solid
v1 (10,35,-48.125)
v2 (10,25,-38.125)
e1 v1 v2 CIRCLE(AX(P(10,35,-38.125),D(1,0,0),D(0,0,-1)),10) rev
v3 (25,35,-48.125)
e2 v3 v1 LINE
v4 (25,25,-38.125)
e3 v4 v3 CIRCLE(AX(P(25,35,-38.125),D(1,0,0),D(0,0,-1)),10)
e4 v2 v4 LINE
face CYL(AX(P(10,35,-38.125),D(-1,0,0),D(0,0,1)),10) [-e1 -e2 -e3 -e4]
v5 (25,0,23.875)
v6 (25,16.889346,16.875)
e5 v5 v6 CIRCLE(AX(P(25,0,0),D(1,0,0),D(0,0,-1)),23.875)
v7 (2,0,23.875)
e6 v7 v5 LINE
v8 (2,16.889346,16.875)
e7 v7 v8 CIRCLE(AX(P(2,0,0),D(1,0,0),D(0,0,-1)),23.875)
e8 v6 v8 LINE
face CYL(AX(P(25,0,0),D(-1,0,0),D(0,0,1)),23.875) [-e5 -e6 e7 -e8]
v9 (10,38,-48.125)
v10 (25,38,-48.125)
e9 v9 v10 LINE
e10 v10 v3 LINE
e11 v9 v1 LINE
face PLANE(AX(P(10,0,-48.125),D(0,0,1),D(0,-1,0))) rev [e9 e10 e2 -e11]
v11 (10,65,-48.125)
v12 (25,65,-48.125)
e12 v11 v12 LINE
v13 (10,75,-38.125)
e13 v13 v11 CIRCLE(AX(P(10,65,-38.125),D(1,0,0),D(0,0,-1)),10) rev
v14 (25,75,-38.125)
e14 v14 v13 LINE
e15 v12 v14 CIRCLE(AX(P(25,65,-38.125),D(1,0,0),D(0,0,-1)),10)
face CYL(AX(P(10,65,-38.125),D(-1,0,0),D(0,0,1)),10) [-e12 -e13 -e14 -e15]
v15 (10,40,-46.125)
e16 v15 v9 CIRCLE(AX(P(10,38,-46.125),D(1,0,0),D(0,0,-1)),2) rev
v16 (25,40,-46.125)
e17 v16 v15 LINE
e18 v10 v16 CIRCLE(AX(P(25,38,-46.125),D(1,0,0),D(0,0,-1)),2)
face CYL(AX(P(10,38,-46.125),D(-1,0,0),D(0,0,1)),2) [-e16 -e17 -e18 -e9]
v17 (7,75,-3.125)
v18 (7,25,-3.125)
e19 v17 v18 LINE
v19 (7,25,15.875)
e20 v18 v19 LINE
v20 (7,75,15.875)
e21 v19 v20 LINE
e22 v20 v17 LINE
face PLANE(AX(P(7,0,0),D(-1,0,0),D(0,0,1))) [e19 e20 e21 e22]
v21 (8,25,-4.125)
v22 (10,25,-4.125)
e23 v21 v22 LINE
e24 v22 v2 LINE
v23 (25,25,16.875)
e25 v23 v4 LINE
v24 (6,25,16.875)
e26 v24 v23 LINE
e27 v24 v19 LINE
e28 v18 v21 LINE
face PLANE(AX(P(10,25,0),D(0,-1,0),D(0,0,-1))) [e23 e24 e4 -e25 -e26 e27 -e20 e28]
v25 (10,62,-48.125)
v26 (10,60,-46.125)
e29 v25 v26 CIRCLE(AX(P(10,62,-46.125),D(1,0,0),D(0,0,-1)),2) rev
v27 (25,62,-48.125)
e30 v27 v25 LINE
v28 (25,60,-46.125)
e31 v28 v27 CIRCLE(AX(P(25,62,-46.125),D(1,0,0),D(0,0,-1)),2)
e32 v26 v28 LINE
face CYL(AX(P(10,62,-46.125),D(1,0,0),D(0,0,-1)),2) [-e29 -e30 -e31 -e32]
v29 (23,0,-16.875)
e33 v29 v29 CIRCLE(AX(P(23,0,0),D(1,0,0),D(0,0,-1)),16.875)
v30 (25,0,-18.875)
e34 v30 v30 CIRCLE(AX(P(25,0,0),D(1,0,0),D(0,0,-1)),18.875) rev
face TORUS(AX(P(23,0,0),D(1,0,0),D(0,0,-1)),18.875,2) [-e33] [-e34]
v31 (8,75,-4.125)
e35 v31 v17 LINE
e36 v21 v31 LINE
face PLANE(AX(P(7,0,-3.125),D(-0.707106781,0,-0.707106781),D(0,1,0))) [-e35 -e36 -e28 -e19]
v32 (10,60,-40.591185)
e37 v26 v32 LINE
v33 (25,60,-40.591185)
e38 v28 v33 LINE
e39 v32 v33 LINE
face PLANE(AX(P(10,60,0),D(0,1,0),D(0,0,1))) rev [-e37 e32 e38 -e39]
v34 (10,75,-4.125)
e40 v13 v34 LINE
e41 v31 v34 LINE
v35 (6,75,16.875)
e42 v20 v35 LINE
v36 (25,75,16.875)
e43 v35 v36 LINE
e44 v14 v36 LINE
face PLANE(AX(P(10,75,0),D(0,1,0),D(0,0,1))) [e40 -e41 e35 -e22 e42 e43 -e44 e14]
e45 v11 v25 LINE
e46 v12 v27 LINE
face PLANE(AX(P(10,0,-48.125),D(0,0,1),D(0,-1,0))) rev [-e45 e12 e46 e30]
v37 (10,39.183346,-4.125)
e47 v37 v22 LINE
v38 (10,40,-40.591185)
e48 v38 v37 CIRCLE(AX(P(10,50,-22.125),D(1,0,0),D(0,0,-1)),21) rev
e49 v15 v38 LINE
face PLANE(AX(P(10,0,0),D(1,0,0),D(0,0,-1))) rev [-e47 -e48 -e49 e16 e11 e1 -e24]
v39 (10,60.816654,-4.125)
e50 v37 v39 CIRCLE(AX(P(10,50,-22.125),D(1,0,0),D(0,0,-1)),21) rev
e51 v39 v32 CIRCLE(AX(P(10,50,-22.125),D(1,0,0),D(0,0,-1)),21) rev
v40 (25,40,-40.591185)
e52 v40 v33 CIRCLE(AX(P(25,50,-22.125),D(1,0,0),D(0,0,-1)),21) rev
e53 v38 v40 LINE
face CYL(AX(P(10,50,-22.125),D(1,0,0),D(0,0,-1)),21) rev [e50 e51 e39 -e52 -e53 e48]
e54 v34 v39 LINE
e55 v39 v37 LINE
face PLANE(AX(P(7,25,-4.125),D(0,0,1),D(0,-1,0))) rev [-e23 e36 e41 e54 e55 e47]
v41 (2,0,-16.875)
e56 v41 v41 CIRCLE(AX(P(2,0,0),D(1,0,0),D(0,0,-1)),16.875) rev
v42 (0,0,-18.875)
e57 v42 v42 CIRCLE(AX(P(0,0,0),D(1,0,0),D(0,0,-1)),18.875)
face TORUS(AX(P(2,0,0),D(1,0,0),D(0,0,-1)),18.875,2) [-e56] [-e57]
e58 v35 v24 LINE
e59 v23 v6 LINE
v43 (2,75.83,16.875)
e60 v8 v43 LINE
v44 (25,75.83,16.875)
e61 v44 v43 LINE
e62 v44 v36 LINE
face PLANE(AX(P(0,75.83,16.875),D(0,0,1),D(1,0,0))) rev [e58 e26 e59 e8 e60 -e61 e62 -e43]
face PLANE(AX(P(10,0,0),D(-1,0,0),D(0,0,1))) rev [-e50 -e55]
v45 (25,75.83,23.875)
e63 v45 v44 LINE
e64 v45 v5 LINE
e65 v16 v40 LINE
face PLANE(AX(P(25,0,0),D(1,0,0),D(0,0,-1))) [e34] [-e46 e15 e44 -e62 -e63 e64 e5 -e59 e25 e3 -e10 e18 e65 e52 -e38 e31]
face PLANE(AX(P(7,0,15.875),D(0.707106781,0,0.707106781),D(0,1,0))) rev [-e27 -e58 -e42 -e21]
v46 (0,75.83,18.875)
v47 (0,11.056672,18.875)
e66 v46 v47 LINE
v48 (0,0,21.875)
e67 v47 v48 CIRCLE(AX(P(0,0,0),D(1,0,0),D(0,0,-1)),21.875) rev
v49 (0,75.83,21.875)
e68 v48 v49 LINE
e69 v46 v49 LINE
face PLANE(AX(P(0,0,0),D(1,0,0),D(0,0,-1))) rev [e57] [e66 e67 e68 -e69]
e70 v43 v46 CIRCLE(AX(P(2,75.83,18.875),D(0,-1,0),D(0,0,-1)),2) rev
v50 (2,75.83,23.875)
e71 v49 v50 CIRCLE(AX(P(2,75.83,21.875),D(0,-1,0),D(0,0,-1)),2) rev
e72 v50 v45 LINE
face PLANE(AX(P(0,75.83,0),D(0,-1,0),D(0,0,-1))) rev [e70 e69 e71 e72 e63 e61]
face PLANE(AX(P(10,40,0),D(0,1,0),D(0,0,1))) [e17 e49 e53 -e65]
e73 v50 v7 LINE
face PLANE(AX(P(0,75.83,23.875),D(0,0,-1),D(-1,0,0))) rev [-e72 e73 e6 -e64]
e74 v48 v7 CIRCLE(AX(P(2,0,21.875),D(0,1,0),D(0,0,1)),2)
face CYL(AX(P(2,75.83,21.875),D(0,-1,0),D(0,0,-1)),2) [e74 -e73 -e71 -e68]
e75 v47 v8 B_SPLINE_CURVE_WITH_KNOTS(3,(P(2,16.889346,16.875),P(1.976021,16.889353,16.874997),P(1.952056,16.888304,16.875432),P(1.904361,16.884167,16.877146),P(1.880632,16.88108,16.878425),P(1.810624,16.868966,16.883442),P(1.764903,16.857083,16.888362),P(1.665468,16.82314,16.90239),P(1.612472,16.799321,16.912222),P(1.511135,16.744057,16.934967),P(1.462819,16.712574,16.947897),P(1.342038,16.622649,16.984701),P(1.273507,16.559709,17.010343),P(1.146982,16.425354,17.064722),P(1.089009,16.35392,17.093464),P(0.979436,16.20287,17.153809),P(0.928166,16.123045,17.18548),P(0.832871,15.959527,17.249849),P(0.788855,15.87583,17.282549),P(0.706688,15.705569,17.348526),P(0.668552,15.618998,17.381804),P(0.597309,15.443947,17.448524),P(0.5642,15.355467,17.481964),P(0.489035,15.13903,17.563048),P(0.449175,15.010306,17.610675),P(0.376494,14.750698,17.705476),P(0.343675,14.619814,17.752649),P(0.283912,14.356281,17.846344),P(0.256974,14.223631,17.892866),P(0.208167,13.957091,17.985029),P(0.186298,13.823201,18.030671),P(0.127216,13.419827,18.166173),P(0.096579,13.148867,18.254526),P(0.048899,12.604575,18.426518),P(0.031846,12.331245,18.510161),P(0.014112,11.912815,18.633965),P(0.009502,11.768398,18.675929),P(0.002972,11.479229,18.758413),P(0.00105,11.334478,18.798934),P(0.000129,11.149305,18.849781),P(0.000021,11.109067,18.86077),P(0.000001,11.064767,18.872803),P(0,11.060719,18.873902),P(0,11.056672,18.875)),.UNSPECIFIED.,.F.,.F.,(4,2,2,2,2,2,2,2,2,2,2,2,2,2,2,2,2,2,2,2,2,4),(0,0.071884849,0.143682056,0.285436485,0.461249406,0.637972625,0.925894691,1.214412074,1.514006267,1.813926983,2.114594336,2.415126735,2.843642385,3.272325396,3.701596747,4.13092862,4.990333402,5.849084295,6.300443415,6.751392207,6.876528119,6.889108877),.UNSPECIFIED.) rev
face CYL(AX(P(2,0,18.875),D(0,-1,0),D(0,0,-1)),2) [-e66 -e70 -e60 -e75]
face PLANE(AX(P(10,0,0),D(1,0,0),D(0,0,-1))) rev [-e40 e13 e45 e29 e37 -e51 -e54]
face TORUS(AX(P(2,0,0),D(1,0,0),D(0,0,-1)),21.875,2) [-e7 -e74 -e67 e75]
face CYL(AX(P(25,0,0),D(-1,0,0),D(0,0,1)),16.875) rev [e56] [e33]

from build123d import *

# Parameters (mm, degrees)
SKETCH1_R           = 23.875
SKETCH1_R_2         = 16.875
BOSS_EXTRUDE1_DEPTH = 25
SKETCH2_W           = 25
SKETCH2_H           = 7
BOSS_EXTRUDE2_DEPTH = 75.83
BOSS_EXTRUDE3_DEPTH = 15
FILLET1_R           = 10
FILLET2_R           = 2
FILLET3_R           = 2
SKETCH5_W           = 21
SKETCH5_H           = 50
BOSS_EXTRUDE4_DEPTH = 3
CHAMFER1_SIZE       = 1


with BuildPart() as part:
    # Sketch1 → Boss-Extrude1 (new body)
    with BuildSketch(Plane(origin=(0, 0, 0), x_dir=(0, 0, -1), z_dir=(1, 0, 0))):
        Circle(SKETCH1_R)
        Circle(SKETCH1_R_2, mode=Mode.SUBTRACT)
    extrude(amount=BOSS_EXTRUDE1_DEPTH)

    # Sketch2 → Boss-Extrude2 (add)
    with BuildSketch(Plane(origin=(0, 0, 0), x_dir=(1, 0, 0), z_dir=(0, 1, 0))):
        with Locations((12.5, -20.375)):
            Rectangle(SKETCH2_W, SKETCH2_H)
    extrude(amount=BOSS_EXTRUDE2_DEPTH)

    # Sketch4 → Boss-Extrude3 (add)
    with BuildSketch(Plane.ZY.offset(-25)):
        with BuildLine():
            Line((-40.591185313, 40), (-48.125, 40))
            Line((-48.125, 40), (-48.125, 25))
            Line((-48.125, 25), (23.875, 25))
            Line((23.875, 25), (23.875, 75))
            Line((23.875, 75), (-48.125, 75))
            Line((-48.125, 75), (-48.125, 60))
            Line((-48.125, 60), (-40.591185313, 60))
            ThreePointArc((-40.591185313, 60), (-1.125, 50), (-40.591185313, 40))
        make_face()
    extrude(amount=BOSS_EXTRUDE3_DEPTH)

    # Fillet1
    fillet1_edges = [part.edges().sort_by_distance(p)[0] for p in [
        (17.5, 75, -48.125),
        (17.5, 25, -48.125),
    ]]
    fillet(fillet1_edges, radius=FILLET1_R)

    # Fillet2
    fillet2_edges = [part.edges().sort_by_distance(p)[0] for p in [
        (0, -9.141252649, -22.055682374),
        (0, 46.359672877, 16.875),
        (0, 37.915, 23.875),
        (0, 0, 16.875),
        (25, 0, 16.875),
    ]]
    fillet(fillet2_edges, radius=FILLET2_R)

    # Fillet3
    fillet3_edges = [part.edges().sort_by_distance(p)[0] for p in [
        (17.5, 60, -48.125),
        (17.5, 40, -48.125),
    ]]
    fillet(fillet3_edges, radius=FILLET3_R)

    # Sketch5 → Boss-Extrude4 (add)
    with BuildSketch(Plane.ZY.offset(-10)):
        with Locations((6.375, 50)):
            Rectangle(SKETCH5_W, SKETCH5_H)
    extrude(amount=BOSS_EXTRUDE4_DEPTH)

    # Chamfer1
    chamfer1_edges = [part.edges().sort_by_distance(p)[0] for p in [
        (7, 50, 16.875),
        (7, 50, -4.125),
    ]]
    chamfer(chamfer1_edges, length=CHAMFER1_SIZE)


solid = part.part
